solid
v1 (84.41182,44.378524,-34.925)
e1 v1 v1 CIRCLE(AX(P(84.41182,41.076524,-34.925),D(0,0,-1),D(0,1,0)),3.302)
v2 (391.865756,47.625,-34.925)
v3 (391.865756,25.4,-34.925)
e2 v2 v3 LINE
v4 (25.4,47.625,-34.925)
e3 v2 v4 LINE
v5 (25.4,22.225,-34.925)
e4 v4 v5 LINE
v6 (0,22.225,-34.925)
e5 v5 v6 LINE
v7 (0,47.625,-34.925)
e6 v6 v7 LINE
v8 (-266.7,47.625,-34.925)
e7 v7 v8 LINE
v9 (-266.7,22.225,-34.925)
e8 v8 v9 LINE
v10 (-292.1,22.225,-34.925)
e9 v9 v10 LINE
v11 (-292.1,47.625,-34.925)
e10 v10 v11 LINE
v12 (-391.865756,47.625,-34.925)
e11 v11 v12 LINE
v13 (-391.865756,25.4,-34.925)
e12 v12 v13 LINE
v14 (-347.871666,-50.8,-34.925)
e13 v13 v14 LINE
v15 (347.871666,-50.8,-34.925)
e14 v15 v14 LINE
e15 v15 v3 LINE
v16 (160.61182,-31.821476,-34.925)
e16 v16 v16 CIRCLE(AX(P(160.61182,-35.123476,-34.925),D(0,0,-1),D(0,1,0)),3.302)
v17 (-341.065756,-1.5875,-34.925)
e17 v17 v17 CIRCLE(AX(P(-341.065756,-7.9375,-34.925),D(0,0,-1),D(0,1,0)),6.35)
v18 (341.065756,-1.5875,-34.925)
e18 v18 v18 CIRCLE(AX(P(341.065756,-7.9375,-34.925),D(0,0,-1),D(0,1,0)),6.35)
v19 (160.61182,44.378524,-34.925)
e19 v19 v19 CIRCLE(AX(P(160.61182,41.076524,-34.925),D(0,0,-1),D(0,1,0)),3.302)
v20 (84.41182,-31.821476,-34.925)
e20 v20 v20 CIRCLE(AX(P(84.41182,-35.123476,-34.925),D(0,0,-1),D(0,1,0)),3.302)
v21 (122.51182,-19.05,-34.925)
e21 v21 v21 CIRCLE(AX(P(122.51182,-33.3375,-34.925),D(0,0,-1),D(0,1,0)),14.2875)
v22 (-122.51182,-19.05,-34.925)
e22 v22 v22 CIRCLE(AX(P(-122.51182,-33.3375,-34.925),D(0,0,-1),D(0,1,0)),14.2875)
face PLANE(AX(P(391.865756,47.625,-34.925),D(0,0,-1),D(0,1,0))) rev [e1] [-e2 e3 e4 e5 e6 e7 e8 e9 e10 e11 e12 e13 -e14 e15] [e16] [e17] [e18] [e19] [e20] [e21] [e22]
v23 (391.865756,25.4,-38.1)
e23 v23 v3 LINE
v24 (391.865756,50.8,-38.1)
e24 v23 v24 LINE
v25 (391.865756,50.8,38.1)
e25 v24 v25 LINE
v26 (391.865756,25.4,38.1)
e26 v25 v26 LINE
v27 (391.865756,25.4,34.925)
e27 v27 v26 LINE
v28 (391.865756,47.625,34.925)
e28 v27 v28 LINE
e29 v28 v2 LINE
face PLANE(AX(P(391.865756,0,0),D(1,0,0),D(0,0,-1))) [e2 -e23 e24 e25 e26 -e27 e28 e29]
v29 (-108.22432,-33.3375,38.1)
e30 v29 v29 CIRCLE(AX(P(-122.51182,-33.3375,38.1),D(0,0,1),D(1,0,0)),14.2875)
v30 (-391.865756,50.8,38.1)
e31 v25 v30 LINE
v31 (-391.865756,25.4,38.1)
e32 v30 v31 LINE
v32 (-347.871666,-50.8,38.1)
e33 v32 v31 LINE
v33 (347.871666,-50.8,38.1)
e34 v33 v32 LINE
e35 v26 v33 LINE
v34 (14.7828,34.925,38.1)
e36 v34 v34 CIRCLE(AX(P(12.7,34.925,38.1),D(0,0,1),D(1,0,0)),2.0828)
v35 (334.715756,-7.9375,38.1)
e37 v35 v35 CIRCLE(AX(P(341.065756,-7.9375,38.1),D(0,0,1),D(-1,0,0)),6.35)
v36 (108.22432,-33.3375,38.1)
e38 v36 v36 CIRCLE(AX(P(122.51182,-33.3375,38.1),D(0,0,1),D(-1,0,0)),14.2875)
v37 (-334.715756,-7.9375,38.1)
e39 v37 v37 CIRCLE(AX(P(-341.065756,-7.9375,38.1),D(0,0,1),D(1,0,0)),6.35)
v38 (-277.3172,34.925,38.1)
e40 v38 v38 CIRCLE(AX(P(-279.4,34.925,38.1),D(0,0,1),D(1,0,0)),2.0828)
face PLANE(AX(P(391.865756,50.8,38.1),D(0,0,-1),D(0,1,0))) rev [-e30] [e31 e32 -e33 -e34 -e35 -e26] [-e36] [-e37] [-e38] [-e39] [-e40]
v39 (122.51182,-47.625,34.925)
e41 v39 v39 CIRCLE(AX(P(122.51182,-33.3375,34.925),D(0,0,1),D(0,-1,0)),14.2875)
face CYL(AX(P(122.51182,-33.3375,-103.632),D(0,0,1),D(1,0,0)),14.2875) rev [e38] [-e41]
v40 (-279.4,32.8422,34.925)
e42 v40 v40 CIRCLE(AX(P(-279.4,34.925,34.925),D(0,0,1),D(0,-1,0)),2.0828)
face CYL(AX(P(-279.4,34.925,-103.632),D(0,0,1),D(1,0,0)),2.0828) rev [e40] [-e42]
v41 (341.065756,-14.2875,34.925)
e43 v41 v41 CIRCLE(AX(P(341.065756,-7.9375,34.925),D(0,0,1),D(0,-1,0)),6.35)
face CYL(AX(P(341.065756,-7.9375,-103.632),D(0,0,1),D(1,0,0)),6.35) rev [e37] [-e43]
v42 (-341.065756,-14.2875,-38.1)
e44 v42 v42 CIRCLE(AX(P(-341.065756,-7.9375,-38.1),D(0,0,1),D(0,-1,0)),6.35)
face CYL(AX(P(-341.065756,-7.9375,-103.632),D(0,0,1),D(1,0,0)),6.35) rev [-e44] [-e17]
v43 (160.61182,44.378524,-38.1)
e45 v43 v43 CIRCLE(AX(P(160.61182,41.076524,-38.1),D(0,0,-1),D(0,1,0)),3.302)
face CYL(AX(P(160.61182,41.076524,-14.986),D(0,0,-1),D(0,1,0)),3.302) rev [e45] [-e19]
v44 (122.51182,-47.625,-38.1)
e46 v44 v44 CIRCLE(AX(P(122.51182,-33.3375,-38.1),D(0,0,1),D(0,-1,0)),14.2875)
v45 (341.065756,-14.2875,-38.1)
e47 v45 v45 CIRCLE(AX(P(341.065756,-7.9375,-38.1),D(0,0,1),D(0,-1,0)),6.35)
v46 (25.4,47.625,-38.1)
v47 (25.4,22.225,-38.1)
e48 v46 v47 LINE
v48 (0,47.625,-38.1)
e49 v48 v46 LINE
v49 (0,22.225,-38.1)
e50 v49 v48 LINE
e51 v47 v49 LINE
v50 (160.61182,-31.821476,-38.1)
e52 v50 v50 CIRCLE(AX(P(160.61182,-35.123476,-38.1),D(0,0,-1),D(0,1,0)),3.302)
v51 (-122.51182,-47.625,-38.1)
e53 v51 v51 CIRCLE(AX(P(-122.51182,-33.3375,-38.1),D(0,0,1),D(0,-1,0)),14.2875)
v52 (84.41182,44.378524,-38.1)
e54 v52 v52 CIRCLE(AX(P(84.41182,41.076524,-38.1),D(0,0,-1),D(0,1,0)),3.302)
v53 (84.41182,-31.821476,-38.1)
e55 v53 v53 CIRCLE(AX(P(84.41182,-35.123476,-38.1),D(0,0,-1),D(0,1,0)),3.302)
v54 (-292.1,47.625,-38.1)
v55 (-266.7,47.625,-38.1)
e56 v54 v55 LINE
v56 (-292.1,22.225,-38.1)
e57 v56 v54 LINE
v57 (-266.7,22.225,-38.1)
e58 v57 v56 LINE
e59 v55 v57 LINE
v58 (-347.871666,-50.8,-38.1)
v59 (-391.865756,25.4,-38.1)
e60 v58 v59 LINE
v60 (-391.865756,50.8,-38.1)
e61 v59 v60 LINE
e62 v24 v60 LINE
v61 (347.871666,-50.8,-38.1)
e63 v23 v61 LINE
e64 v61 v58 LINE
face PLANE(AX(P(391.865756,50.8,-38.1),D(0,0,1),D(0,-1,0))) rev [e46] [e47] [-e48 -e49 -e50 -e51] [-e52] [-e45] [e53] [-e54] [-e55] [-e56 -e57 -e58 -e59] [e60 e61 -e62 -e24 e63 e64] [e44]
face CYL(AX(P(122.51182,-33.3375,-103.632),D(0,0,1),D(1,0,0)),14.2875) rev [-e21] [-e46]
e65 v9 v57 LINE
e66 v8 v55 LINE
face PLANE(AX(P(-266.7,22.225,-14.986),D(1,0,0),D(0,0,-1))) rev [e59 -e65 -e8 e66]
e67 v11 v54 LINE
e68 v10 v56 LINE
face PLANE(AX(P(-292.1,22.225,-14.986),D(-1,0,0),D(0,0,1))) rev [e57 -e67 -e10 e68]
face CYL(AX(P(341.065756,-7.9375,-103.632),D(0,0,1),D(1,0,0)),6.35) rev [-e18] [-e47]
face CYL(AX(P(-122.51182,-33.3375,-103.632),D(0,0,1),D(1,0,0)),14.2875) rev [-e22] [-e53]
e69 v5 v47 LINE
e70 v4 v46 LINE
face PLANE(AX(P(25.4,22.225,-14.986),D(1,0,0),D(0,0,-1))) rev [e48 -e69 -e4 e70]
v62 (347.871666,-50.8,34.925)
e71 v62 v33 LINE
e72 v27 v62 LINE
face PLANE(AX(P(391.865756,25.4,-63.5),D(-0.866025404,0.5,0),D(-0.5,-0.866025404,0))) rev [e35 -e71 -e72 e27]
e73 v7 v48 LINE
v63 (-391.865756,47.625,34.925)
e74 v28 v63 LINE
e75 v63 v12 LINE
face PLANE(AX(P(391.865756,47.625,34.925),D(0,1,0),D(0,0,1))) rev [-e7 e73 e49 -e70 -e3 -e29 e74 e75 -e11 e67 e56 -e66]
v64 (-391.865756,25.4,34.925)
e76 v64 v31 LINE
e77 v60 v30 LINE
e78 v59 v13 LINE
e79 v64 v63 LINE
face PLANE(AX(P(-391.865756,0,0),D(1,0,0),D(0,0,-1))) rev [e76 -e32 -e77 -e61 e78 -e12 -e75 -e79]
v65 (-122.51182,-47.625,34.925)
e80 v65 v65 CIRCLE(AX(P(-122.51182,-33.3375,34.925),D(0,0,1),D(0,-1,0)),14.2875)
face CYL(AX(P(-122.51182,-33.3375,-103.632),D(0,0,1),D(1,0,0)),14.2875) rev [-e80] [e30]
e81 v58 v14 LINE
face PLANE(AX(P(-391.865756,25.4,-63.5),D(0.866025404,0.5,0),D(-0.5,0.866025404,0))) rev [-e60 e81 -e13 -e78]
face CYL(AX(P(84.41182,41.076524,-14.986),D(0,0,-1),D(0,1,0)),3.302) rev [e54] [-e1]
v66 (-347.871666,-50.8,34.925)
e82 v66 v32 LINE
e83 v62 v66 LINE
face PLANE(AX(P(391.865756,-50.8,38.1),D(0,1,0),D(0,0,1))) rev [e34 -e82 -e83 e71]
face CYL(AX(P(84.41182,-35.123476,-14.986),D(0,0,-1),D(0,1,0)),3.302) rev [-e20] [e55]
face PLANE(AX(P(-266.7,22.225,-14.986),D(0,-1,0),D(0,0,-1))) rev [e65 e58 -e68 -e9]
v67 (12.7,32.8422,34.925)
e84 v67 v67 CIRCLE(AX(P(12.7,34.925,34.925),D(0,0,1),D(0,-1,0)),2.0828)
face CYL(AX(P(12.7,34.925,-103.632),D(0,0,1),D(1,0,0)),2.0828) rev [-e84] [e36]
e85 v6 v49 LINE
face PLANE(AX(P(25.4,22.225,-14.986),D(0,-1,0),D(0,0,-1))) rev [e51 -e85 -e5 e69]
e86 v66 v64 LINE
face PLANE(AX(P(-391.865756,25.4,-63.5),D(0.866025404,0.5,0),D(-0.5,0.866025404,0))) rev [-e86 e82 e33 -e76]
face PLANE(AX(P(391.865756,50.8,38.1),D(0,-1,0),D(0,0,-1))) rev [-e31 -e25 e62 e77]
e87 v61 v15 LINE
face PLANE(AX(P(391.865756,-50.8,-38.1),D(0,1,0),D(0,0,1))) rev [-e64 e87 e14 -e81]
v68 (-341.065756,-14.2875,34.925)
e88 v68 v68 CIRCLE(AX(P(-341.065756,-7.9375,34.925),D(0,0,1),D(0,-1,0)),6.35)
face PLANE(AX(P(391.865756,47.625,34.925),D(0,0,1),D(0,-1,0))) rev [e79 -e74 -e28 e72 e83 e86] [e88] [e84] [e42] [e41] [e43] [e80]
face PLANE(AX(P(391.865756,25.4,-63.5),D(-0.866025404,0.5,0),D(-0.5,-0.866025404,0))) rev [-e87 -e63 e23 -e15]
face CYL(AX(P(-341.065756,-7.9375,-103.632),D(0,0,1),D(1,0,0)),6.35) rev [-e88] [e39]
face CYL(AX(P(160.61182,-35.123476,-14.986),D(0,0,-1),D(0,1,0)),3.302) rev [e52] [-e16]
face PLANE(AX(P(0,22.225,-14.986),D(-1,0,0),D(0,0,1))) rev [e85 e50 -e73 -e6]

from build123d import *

# Parameters (mm, degrees)
BOSS_EXTRUDE1_DEPTH = 391.865756272
SKETCH2_R           = 6.35
SKETCH2_R_2         = 14.2875
SKETCH2_R_3         = 2.0828
CUT_EXTRUDE1_DEPTH  = 141.732
SKETCH14_R          = 3.302
SKETCH14_W          = 25.4
SKETCH14_H          = 25.4
CUT_EXTRUDE12_DEPTH = 23.114
CUT_EXTRUDE13_DEPTH = 101.6


with BuildPart() as part:
    # Sketch1 → Boss-Extrude1 (new body, symmetric)
    with BuildSketch(Plane(origin=(0, 0, 0), x_dir=(0, 0, -1), z_dir=(1, 0, 0))):
        Polygon((-38.1, 50.8), (38.1, 50.8), (38.1, -50.8), (34.925, -50.8), (34.925, 47.625), (-34.925, 47.625), (-34.925, -50.8), (-38.1, -50.8), align=None)
    extrude(amount=BOSS_EXTRUDE1_DEPTH, both=True)

    # Sketch2 → Cut-Extrude1 (cut)
    with BuildSketch(Plane.XY.offset(38.1)):
        with Locations((-341.065756187, -7.9375)):
            Circle(SKETCH2_R)
        with Locations((122.51182, -33.3375)):
            Circle(SKETCH2_R_2)
        with Locations((341.065756187, -7.9375)):
            Circle(SKETCH2_R)
        with Locations((12.7, 34.925)):
            Circle(SKETCH2_R_3)
        with Locations((-279.4, 34.925)):
            Circle(SKETCH2_R_3)
        with Locations((-122.51182, -33.3375)):
            Circle(SKETCH2_R_2)
    extrude(amount=-CUT_EXTRUDE1_DEPTH, mode=Mode.SUBTRACT)

    # Sketch14 → Cut-Extrude12 (cut)
    with BuildSketch(Plane(origin=(0, 0, -38.1), x_dir=(-1, 0, 0), z_dir=(0, 0, -1))):
        with Locations((-160.61182, -35.123476108)):
            Circle(SKETCH14_R)
        with Locations((-160.61182, 41.076523892)):
            Circle(SKETCH14_R)
        with Locations((-84.41182, 41.076523892)):
            Circle(SKETCH14_R)
        with Locations((-84.41182, -35.123476108)):
            Circle(SKETCH14_R)
        with Locations((-12.7, 34.925)):
            Rectangle(SKETCH14_W, SKETCH14_H)
        with Locations((279.4, 34.925)):
            Rectangle(SKETCH14_W, SKETCH14_H)
    extrude(amount=-CUT_EXTRUDE12_DEPTH, mode=Mode.SUBTRACT)

    # Sketch16 → Cut-Extrude13 (cut)
    with BuildSketch(Plane.XY.offset(38.1)):
        Polygon((-391.865756272, 25.4), (-347.87166576, -50.8), (-391.865756272, -50.8), align=None)
        Polygon((347.87166576, -50.8), (391.865756272, -50.8), (391.865756272, 25.4), align=None)
    extrude(amount=-CUT_EXTRUDE13_DEPTH, mode=Mode.SUBTRACT)


solid = part.part
